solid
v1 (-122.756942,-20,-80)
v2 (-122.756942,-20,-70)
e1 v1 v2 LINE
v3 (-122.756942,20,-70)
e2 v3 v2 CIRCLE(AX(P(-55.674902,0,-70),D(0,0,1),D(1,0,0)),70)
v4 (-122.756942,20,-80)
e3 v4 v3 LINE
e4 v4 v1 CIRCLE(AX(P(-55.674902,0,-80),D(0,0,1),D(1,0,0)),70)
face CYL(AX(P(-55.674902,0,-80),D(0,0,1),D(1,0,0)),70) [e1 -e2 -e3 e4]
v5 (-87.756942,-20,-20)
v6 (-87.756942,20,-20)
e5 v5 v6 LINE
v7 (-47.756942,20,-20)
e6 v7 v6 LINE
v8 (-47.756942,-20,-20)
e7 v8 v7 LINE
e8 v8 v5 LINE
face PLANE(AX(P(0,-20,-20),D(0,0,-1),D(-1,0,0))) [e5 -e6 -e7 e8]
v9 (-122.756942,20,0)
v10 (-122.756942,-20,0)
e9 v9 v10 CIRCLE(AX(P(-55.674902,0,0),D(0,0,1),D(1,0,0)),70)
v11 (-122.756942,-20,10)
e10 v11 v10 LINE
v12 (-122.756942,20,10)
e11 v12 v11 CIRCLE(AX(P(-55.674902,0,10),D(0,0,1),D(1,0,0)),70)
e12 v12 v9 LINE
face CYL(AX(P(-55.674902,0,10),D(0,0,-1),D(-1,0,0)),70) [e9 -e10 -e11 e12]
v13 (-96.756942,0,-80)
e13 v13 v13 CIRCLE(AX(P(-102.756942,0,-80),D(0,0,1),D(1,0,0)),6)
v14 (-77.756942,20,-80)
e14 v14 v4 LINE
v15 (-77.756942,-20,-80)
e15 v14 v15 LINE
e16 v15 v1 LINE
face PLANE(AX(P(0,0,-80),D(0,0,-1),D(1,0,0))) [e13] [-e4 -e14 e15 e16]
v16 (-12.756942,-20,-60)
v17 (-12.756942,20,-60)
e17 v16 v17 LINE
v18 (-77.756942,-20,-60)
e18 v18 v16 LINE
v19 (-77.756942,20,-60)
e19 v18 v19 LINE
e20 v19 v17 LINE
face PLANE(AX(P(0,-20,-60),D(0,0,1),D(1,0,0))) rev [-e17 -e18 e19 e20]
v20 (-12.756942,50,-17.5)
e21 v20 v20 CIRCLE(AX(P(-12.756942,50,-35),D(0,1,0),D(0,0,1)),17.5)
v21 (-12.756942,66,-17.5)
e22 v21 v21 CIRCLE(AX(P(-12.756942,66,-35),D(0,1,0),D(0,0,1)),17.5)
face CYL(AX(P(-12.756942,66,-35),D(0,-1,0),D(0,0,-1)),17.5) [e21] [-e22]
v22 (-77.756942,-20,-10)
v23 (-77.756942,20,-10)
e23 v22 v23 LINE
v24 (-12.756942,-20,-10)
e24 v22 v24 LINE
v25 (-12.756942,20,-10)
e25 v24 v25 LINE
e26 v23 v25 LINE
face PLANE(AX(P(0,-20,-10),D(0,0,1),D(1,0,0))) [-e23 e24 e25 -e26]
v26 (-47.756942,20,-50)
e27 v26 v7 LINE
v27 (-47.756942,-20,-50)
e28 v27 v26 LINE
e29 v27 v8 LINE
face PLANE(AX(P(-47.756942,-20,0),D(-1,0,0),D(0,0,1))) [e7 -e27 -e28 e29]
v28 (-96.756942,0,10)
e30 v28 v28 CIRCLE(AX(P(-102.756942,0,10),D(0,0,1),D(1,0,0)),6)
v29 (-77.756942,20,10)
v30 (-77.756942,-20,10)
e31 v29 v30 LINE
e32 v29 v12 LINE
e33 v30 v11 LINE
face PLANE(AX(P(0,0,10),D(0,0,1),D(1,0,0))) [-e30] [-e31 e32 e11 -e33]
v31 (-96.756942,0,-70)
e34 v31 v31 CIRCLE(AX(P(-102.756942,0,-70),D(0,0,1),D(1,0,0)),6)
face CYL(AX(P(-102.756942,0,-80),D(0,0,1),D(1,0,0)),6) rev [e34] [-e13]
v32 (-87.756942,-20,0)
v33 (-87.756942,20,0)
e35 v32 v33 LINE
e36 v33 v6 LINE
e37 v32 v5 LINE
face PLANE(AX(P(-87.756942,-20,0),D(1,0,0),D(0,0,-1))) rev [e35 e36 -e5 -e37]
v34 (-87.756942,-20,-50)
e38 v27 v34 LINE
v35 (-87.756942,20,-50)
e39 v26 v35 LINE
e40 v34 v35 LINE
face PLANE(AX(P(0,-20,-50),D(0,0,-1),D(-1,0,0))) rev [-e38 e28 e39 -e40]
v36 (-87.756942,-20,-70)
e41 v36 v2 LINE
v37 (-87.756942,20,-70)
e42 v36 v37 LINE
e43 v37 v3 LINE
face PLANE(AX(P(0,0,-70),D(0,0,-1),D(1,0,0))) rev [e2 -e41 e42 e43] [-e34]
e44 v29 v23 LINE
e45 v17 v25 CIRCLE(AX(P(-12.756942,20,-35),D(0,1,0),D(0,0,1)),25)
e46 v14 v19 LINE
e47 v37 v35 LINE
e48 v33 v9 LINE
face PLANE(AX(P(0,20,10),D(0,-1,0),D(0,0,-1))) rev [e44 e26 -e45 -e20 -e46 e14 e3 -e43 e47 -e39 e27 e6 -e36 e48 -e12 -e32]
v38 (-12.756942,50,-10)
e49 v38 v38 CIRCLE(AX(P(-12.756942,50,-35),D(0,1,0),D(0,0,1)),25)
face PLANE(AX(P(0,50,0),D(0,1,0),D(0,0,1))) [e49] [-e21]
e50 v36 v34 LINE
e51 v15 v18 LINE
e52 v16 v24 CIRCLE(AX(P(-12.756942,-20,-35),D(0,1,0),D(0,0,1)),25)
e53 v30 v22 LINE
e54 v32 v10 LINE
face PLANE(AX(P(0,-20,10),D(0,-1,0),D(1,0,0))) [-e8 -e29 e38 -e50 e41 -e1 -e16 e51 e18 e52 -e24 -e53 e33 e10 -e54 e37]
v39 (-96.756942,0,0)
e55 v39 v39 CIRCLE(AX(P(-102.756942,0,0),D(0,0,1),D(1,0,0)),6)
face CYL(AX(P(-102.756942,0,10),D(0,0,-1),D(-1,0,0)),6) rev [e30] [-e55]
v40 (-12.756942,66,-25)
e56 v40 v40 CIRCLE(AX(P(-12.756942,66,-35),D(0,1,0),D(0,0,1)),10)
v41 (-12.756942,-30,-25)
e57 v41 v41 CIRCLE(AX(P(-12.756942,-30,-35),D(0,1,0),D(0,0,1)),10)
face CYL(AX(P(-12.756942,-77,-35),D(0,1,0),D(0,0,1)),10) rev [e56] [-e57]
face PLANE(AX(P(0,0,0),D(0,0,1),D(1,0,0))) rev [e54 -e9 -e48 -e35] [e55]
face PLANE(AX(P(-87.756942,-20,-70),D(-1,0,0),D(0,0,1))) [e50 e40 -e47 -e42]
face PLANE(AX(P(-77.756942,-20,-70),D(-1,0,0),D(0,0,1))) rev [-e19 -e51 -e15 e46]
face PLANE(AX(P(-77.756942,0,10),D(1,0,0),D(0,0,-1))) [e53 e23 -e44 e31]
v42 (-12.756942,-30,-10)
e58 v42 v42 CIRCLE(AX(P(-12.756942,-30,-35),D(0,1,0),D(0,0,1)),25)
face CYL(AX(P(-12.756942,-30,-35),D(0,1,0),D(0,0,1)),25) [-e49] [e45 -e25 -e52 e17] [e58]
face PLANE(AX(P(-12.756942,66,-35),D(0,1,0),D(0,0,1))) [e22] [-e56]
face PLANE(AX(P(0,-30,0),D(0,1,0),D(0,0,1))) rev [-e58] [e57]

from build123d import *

# Parameters (mm, degrees)
SKETCH1_R                = 6
BOSS_EXTRUDE1_DEPTH      = 10
BOSS_EXTRUDE2_DEPTH      = 40
BOSS_EXTRUDE3_DEPTH      = 30
BOSS_EXTRUDE3_DEPTH_BACK = 50
SKETCH2_3_R              = 25
SKETCH3_R                = 17.5
BOSS_EXTRUDE4_DEPTH      = 16
SKETCH4_R                = 10
CUT_EXTRUDE1_DEPTH       = 143


with BuildPart() as part:
    # Sketch1 → Boss-Extrude1 (new body)
    with BuildSketch(Plane.XY):
        with BuildLine():
            Line((-77.756941547, 20), (-122.756941547, 20))
            ThreePointArc((-122.756941547, 20), (-125.674902222, 0), (-122.756941547, -20))
            Line((-122.756941547, -20), (-77.756941547, -20))
            Line((-77.756941547, -20), (-77.756941547, 20))
        make_face()
        with Locations((-102.756941547, 0)):
            Circle(SKETCH1_R, mode=Mode.SUBTRACT)
    boss_extrude1 = extrude(amount=BOSS_EXTRUDE1_DEPTH)

    # Sketch2 → Boss-Extrude2 (add)
    with BuildSketch(Plane(origin=(0, 20, 0), x_dir=(1, 0, 0), z_dir=(0, 1, 0))):
        with BuildLine():
            Line((-87.756941547, 0), (-77.756941547, 0))
            Line((-77.756941547, 0), (-77.756941547, 10))
            Line((-77.756941547, 10), (-12.756941547, 10))
            ThreePointArc((-12.756941547, 10), (-30.434611076, 17.32233047), (-37.756941547, 35))
            Line((-37.756941547, 35), (-47.756941547, 35))
            Line((-47.756941547, 35), (-47.756941547, 20))
            Line((-47.756941547, 20), (-87.756941547, 20))
            Line((-87.756941547, 20), (-87.756941547, 0))
        make_face()
    boss_extrude2 = extrude(amount=-BOSS_EXTRUDE2_DEPTH)

    # Sketch2<3> → Boss-Extrude3 (add, two sides: drawn at the far end of the back side and taken through both)
    with BuildSketch(Plane(origin=(0, 20, 0), x_dir=(1, 0, 0), z_dir=(0, 1, 0)).offset(-BOSS_EXTRUDE3_DEPTH_BACK)):
        with Locations(Location((-12.756941547, 35, 0), (0, 0, 270))):
            Circle(SKETCH2_3_R)
    extrude(amount=BOSS_EXTRUDE3_DEPTH + BOSS_EXTRUDE3_DEPTH_BACK)

    # Sketch3 → Boss-Extrude4 (add)
    with BuildSketch(Plane(origin=(0, 50, 0), x_dir=(1, 0, 0), z_dir=(0, 1, 0))):
        with Locations(Location((-12.756941547, 35, 0), (0, 0, 270))):
            Circle(SKETCH3_R)
    extrude(amount=BOSS_EXTRUDE4_DEPTH)

    # Sketch4 → Cut-Extrude1 (cut)
    with BuildSketch(Plane(origin=(0, 66, 0), x_dir=(1, 0, 0), z_dir=(0, 1, 0))):
        with Locations(Location((-12.756941547, 35, 0), (0, 0, 270))):
            Circle(SKETCH4_R)
    extrude(amount=-CUT_EXTRUDE1_DEPTH, mode=Mode.SUBTRACT)

    # Mirror11: Boss-Extrude2 across plane
    add(boss_extrude2.mirror(Plane(origin=(0, 0, -35), x_dir=(1, 0, 0), z_dir=(0, 0, -1))))

    # Mirror12: Boss-Extrude1 across plane
    add(boss_extrude1.mirror(Plane(origin=(0, 0, -35), x_dir=(1, 0, 0), z_dir=(0, 0, -1))))


solid = part.part
